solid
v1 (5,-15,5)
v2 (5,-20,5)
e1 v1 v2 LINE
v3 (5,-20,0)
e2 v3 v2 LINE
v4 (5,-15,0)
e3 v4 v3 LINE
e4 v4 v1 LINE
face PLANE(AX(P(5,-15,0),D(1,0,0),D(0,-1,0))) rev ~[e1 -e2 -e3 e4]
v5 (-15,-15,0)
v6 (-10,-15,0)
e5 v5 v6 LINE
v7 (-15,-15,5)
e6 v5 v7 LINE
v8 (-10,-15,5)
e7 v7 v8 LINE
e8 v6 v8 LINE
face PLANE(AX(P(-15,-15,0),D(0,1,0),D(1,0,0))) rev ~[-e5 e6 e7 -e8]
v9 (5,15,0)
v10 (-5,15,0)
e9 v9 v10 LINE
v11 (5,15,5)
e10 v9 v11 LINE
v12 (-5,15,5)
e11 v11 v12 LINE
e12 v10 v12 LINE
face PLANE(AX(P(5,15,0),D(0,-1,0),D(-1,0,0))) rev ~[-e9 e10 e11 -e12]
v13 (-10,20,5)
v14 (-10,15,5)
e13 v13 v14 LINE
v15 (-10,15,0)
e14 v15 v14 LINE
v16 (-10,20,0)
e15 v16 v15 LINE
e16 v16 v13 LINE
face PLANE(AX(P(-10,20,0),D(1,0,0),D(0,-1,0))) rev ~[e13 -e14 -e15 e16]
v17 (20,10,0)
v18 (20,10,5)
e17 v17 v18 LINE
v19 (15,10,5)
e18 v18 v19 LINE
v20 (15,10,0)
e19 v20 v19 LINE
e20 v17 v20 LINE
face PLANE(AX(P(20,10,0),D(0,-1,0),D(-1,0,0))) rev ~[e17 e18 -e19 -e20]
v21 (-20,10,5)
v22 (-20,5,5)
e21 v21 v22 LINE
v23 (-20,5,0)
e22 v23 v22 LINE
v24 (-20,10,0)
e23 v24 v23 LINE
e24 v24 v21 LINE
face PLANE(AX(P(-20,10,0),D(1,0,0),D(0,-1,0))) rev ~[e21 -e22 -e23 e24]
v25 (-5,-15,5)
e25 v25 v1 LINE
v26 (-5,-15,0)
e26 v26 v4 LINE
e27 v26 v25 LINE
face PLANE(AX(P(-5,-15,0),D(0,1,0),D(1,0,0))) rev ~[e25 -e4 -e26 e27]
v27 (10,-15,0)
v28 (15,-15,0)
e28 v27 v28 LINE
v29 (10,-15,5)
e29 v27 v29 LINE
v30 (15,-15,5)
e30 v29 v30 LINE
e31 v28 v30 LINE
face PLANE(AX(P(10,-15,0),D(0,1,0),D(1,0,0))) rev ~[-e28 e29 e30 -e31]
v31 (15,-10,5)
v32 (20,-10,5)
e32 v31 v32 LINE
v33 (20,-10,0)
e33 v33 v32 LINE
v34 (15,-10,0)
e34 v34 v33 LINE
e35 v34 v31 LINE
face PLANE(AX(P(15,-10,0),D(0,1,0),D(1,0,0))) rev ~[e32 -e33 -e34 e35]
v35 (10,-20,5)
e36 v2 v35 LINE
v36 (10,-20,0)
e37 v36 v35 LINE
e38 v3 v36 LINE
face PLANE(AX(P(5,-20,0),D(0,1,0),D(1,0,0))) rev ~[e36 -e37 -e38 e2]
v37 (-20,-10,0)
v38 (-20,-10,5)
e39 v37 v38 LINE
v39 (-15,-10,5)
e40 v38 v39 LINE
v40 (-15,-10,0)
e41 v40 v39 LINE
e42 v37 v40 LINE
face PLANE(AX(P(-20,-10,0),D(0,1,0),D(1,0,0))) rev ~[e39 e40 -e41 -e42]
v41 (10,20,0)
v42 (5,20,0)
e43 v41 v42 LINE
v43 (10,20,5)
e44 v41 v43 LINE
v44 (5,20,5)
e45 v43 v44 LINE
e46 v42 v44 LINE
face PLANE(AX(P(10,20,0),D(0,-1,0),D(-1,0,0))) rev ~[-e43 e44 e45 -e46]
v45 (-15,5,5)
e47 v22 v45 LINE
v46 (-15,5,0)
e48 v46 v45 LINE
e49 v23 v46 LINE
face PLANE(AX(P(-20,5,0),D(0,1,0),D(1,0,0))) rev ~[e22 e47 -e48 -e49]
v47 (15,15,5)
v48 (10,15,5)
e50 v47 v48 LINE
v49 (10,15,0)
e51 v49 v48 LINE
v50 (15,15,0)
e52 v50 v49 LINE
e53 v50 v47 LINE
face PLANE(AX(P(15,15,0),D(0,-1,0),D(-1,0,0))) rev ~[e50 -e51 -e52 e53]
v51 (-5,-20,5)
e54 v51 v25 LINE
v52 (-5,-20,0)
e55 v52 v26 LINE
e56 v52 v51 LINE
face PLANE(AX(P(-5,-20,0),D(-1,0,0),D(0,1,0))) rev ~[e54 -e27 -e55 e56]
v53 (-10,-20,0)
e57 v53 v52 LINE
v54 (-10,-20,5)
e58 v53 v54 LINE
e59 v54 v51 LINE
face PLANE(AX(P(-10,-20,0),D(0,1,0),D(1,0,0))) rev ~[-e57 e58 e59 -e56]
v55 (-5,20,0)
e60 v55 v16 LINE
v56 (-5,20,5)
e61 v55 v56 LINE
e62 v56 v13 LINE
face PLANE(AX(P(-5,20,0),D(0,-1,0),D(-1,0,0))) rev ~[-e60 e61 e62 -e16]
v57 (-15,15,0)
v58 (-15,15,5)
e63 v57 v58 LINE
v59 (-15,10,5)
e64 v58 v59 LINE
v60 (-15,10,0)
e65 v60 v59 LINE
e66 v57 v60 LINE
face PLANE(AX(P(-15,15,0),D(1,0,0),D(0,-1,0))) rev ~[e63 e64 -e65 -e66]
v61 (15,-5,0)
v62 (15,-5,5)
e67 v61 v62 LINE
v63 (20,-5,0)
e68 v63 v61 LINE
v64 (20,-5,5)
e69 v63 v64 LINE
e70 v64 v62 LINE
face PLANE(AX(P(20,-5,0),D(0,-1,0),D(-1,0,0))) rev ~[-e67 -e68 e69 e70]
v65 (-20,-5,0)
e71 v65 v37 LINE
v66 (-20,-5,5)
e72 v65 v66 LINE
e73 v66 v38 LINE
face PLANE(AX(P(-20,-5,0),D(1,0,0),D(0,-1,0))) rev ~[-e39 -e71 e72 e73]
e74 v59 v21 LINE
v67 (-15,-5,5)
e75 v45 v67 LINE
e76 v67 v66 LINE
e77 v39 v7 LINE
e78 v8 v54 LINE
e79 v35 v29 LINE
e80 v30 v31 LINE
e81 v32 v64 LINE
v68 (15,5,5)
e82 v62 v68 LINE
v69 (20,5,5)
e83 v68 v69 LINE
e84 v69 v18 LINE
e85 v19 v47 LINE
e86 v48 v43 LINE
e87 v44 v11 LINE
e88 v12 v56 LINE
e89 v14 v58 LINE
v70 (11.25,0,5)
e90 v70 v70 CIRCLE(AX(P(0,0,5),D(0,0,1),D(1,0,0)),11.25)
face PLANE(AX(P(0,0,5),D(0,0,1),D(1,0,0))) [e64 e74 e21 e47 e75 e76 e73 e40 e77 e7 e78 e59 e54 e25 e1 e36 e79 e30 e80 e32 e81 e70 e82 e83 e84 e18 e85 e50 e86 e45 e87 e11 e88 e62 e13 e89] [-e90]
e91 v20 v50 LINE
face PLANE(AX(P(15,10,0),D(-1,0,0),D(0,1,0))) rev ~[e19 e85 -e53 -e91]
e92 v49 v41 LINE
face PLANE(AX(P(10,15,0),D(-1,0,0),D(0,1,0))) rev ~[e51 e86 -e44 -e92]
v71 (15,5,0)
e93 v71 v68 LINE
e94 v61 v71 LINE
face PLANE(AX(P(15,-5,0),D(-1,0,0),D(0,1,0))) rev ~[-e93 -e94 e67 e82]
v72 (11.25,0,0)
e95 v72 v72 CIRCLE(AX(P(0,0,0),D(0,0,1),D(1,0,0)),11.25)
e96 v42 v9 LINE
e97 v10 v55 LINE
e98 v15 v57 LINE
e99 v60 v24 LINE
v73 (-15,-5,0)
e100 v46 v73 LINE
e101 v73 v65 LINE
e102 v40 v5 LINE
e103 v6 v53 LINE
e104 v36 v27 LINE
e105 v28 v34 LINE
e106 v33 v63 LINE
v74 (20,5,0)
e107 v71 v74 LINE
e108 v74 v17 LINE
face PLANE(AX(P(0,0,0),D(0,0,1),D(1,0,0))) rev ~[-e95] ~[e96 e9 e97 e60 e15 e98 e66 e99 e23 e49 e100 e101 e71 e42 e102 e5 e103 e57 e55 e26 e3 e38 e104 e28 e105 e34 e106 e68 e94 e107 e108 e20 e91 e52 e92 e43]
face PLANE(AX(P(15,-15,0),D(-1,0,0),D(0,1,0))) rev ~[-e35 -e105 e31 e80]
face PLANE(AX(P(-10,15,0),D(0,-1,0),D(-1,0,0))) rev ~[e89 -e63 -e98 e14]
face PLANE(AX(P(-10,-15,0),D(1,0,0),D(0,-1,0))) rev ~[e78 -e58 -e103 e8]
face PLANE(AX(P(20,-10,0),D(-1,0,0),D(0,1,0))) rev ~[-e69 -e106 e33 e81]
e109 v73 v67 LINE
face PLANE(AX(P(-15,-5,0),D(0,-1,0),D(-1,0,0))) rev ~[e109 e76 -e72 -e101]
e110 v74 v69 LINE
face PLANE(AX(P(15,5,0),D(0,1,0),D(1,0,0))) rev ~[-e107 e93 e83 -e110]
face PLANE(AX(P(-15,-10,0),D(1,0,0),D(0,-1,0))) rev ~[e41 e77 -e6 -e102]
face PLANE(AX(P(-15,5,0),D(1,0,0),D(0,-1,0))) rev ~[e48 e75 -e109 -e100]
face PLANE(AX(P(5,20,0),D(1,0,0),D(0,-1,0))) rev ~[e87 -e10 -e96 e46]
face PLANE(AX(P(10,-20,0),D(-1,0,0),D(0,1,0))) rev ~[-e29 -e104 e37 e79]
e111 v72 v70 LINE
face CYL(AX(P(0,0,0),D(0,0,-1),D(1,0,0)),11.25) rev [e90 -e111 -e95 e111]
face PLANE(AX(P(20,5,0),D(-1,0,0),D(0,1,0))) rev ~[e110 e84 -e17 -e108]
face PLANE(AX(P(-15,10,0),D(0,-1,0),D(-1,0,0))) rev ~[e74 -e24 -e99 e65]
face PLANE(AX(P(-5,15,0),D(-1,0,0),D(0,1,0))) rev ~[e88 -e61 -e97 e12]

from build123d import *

# Parameters (mm, degrees)
SKETCH1_R           = 11.25
BOSS_EXTRUDE1_DEPTH = 5


with BuildPart() as part:
    # Sketch1 → Boss-Extrude1 (new body)
    with BuildSketch(Plane.XY):
        Polygon((5, 15), (-5, 15), (-5, 20), (-10, 20), (-10, 15), (-15, 15), (-15, 10), (-20, 10), (-20, 5), (-15, 5), (-15, -5), (-20, -5), (-20, -10), (-15, -10), (-15, -15), (-10, -15), (-10, -20), (-5, -20), (-5, -15), (5, -15), (5, -20), (10, -20), (10, -15), (15, -15), (15, -10), (20, -10), (20, -5), (15, -5), (15, 5), (20, 5), (20, 10), (15, 10), (15, 15), (10, 15), (10, 20), (5, 20), align=None)
        Circle(SKETCH1_R, mode=Mode.SUBTRACT)
    extrude(amount=BOSS_EXTRUDE1_DEPTH)


solid = part.part
